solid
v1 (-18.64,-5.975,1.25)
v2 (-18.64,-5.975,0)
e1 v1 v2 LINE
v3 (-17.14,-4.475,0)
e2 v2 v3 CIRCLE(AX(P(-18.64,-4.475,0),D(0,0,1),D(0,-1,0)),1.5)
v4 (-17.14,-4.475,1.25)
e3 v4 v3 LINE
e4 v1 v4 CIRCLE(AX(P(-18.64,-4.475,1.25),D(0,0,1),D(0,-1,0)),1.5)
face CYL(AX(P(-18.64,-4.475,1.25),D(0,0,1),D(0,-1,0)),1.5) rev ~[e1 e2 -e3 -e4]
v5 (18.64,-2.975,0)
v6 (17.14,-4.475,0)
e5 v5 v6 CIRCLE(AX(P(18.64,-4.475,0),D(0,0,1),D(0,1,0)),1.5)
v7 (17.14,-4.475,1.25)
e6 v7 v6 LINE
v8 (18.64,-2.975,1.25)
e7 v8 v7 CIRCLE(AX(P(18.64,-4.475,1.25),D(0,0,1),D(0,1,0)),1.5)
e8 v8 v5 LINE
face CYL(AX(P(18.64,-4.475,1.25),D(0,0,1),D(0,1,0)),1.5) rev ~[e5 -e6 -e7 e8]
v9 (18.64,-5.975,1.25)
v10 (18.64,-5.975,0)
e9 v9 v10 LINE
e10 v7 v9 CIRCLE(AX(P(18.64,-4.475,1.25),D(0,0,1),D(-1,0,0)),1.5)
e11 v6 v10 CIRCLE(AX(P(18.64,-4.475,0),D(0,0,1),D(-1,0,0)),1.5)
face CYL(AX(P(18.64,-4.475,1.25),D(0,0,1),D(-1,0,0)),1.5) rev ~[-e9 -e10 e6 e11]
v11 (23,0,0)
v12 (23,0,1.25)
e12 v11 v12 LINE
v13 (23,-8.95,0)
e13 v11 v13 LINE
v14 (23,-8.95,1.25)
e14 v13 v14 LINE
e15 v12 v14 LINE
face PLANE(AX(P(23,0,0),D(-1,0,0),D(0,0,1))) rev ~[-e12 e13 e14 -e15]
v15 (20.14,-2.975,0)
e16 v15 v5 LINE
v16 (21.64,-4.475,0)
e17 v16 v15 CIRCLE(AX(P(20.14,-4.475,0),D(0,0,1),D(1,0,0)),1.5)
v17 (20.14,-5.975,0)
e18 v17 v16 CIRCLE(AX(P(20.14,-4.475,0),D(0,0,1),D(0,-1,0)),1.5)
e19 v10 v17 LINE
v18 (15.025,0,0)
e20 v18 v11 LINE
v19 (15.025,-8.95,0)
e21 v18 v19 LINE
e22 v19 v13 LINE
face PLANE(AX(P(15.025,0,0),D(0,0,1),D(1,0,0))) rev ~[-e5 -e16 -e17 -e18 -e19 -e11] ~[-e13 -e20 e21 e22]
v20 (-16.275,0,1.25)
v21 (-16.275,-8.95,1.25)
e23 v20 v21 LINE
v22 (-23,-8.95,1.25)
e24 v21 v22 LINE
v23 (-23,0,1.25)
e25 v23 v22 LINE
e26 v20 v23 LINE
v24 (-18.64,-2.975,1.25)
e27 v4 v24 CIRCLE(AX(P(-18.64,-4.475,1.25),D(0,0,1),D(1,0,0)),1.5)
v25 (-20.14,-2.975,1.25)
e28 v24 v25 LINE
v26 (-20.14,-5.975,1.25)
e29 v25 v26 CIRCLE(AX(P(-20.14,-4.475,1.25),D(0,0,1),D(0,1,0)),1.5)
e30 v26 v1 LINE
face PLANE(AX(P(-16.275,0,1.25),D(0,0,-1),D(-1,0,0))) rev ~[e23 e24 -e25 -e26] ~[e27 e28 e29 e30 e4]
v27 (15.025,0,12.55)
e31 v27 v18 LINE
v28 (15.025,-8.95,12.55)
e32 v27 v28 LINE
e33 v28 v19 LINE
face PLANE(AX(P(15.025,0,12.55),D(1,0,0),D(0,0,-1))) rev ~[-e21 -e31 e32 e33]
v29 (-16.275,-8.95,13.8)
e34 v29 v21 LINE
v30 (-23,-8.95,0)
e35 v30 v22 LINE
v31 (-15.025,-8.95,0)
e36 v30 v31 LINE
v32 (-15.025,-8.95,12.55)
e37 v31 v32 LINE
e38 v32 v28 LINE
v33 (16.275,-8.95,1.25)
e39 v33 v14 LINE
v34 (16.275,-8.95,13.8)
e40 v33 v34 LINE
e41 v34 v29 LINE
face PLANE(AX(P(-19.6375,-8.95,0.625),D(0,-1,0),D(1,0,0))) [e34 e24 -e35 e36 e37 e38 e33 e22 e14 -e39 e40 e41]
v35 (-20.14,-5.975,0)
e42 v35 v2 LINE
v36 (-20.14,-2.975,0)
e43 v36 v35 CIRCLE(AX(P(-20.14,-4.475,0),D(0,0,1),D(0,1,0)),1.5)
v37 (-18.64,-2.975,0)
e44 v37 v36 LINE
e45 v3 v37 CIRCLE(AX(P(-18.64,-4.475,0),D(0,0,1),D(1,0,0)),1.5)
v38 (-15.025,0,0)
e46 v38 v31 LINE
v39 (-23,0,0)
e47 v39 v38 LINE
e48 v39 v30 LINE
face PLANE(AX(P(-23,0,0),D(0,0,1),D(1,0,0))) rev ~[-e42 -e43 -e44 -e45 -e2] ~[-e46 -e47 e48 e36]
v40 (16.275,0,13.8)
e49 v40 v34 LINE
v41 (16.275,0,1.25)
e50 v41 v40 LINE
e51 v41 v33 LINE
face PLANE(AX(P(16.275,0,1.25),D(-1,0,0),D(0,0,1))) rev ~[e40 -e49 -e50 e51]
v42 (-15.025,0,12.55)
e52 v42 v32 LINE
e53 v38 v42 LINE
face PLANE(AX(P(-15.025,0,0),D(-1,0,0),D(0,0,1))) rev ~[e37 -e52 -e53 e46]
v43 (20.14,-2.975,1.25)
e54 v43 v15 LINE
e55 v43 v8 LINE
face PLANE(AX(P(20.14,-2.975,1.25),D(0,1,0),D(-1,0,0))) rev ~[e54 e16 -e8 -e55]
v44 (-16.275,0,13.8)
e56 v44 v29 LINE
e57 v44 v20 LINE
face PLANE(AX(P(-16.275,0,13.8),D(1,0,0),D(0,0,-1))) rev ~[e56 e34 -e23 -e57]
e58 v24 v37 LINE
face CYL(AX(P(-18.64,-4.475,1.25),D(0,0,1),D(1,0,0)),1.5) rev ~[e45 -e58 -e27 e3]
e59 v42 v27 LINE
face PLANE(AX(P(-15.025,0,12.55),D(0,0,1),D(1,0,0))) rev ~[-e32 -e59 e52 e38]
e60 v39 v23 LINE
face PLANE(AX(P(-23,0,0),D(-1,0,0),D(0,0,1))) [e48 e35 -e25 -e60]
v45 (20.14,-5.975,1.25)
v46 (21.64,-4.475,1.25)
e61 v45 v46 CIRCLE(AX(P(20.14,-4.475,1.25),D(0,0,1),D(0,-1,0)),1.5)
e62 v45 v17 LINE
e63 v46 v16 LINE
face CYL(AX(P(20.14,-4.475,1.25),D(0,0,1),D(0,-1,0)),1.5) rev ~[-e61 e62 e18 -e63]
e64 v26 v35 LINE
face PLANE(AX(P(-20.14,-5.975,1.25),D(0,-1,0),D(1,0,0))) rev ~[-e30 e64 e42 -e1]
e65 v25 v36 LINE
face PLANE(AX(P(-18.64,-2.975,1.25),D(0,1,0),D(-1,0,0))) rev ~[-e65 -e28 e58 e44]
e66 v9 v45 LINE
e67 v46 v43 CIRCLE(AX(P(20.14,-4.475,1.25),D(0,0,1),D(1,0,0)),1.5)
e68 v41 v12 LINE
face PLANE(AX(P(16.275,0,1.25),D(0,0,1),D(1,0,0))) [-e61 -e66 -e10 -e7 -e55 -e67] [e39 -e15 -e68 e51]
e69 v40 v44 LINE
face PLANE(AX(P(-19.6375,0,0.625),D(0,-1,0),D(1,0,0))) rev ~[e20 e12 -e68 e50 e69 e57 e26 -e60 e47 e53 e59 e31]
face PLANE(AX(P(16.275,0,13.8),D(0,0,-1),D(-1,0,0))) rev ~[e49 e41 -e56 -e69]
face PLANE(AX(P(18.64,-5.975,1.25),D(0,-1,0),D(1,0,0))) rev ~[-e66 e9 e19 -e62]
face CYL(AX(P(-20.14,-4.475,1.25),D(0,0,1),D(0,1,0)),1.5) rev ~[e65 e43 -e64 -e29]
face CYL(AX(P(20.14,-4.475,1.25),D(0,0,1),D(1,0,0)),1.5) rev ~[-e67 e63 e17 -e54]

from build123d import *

# Parameters (mm, degrees)
F0_W     = 6.725
F0_H     = 1.25
F0_W_2   = 1.25
F1_DEPTH = 8.95
F3_DEPTH = 25


with BuildPart() as f1:
    # F0 (on Front) → F1 (new body)
    with BuildSketch(Plane.XZ):
        with Locations((-19.6375, 0.625)):
            Rectangle(F0_W, F0_H)
        with Locations((-15.65, 0.625)):
            Rectangle(F0_W_2, F0_H)
        Polygon((-16.275, 13.8), (-16.275, 1.25), (-15.025, 1.25), (-15.025, 12.55), (15.025, 12.55), (15.025, 1.25), (16.275, 1.25), (16.275, 13.8), align=None)
        with Locations((15.65, 0.625)):
            Rectangle(F0_W_2, F0_H)
        with Locations((19.6375, 0.625)):
            Rectangle(F0_W, F0_H)
    extrude(amount=F1_DEPTH)

    # F2 (on face) → F3 (cut)
    with BuildSketch(Plane.XY.offset(1.25)):
        with BuildLine():
            ThreePointArc((-19.39, -3.1759618943), (-19.0282285677, -3.0261112606), (-18.64, -2.975))
            Line((-18.64, -2.975), (-20.14, -2.975))
            ThreePointArc((-20.14, -2.975), (-19.7517714323, -3.0261112606), (-19.39, -3.1759618943))
        make_face()
        with BuildLine():
            ThreePointArc((-19.39, -5.7740381057), (-20.14, -4.475), (-19.39, -3.1759618943))
            ThreePointArc((-19.39, -3.1759618943), (-19.7517714323, -3.0261112606), (-20.14, -2.975))
            ThreePointArc((-20.14, -2.975), (-21.64, -4.475), (-20.14, -5.975))
            ThreePointArc((-20.14, -5.975), (-19.7517714323, -5.9238887394), (-19.39, -5.7740381057))
        make_face()
        with BuildLine():
            ThreePointArc((-19.39, -5.7740381057), (-18.8409618943, -5.225), (-18.64, -4.475))
            ThreePointArc((-18.64, -4.475), (-18.8409618943, -3.725), (-19.39, -3.1759618943))
            ThreePointArc((-19.39, -3.1759618943), (-20.14, -4.475), (-19.39, -5.7740381057))
        make_face()
        with BuildLine():
            Line((-18.64, -4.475), (-17.14, -4.475))
            ThreePointArc((-17.14, -4.475), (-17.5793398282, -3.4143398282), (-18.64, -2.975))
            ThreePointArc((-18.64, -2.975), (-19.0282285677, -3.0261112606), (-19.39, -3.1759618943))
            ThreePointArc((-19.39, -3.1759618943), (-18.8409618943, -3.725), (-18.64, -4.475))
        make_face()
        with BuildLine():
            ThreePointArc((-18.64, -5.975), (-17.5793398282, -5.5356601718), (-17.14, -4.475))
            Line((-17.14, -4.475), (-18.64, -4.475))
            ThreePointArc((-18.64, -4.475), (-18.8409618943, -5.225), (-19.39, -5.7740381057))
            ThreePointArc((-19.39, -5.7740381057), (-19.0282285677, -5.9238887394), (-18.64, -5.975))
        make_face()
        with BuildLine():
            Line((-20.14, -5.975), (-18.64, -5.975))
            ThreePointArc((-18.64, -5.975), (-19.0282285677, -5.9238887394), (-19.39, -5.7740381057))
            ThreePointArc((-19.39, -5.7740381057), (-19.7517714323, -5.9238887394), (-20.14, -5.975))
        make_face()
        with BuildLine():
            Line((20.14, -2.975), (18.64, -2.975))
            ThreePointArc((18.64, -2.975), (19.0282285677, -3.0261112606), (19.39, -3.1759618943))
            ThreePointArc((19.39, -3.1759618943), (19.7517714323, -3.0261112606), (20.14, -2.975))
        make_face()
        with BuildLine():
            ThreePointArc((18.64, -2.975), (17.5793398282, -3.4143398282), (17.14, -4.475))
            Line((17.14, -4.475), (18.64, -4.475))
            ThreePointArc((18.64, -4.475), (18.8409618943, -3.725), (19.39, -3.1759618943))
            ThreePointArc((19.39, -3.1759618943), (19.0282285677, -3.0261112606), (18.64, -2.975))
        make_face()
        with BuildLine():
            ThreePointArc((19.39, -3.1759618943), (18.8409618943, -3.725), (18.64, -4.475))
            ThreePointArc((18.64, -4.475), (18.8409618943, -5.225), (19.39, -5.7740381057))
            ThreePointArc((19.39, -5.7740381057), (19.9390381057, -5.225), (20.14, -4.475))
            ThreePointArc((20.14, -4.475), (19.9390381057, -3.725), (19.39, -3.1759618943))
        make_face()
        with BuildLine():
            ThreePointArc((20.14, -2.975), (19.7517714323, -3.0261112606), (19.39, -3.1759618943))
            ThreePointArc((19.39, -3.1759618943), (19.9390381057, -3.725), (20.14, -4.475))
            ThreePointArc((20.14, -4.475), (19.9390381057, -5.225), (19.39, -5.7740381057))
            ThreePointArc((19.39, -5.7740381057), (19.7517714323, -5.9238887394), (20.14, -5.975))
            ThreePointArc((20.14, -5.975), (21.2006601718, -5.5356601718), (21.64, -4.475))
            ThreePointArc((21.64, -4.475), (21.2006601718, -3.4143398282), (20.14, -2.975))
        make_face()
        with BuildLine():
            ThreePointArc((19.39, -5.7740381057), (19.0282285677, -5.9238887394), (18.64, -5.975))
            Line((18.64, -5.975), (20.14, -5.975))
            ThreePointArc((20.14, -5.975), (19.7517714323, -5.9238887394), (19.39, -5.7740381057))
        make_face()
        with BuildLine():
            Line((18.64, -4.475), (17.14, -4.475))
            ThreePointArc((17.14, -4.475), (17.5793398282, -5.5356601718), (18.64, -5.975))
            ThreePointArc((18.64, -5.975), (19.0282285677, -5.9238887394), (19.39, -5.7740381057))
            ThreePointArc((19.39, -5.7740381057), (18.8409618943, -5.225), (18.64, -4.475))
        make_face()
    extrude(amount=-F3_DEPTH, mode=Mode.SUBTRACT)


solid = f1.part
